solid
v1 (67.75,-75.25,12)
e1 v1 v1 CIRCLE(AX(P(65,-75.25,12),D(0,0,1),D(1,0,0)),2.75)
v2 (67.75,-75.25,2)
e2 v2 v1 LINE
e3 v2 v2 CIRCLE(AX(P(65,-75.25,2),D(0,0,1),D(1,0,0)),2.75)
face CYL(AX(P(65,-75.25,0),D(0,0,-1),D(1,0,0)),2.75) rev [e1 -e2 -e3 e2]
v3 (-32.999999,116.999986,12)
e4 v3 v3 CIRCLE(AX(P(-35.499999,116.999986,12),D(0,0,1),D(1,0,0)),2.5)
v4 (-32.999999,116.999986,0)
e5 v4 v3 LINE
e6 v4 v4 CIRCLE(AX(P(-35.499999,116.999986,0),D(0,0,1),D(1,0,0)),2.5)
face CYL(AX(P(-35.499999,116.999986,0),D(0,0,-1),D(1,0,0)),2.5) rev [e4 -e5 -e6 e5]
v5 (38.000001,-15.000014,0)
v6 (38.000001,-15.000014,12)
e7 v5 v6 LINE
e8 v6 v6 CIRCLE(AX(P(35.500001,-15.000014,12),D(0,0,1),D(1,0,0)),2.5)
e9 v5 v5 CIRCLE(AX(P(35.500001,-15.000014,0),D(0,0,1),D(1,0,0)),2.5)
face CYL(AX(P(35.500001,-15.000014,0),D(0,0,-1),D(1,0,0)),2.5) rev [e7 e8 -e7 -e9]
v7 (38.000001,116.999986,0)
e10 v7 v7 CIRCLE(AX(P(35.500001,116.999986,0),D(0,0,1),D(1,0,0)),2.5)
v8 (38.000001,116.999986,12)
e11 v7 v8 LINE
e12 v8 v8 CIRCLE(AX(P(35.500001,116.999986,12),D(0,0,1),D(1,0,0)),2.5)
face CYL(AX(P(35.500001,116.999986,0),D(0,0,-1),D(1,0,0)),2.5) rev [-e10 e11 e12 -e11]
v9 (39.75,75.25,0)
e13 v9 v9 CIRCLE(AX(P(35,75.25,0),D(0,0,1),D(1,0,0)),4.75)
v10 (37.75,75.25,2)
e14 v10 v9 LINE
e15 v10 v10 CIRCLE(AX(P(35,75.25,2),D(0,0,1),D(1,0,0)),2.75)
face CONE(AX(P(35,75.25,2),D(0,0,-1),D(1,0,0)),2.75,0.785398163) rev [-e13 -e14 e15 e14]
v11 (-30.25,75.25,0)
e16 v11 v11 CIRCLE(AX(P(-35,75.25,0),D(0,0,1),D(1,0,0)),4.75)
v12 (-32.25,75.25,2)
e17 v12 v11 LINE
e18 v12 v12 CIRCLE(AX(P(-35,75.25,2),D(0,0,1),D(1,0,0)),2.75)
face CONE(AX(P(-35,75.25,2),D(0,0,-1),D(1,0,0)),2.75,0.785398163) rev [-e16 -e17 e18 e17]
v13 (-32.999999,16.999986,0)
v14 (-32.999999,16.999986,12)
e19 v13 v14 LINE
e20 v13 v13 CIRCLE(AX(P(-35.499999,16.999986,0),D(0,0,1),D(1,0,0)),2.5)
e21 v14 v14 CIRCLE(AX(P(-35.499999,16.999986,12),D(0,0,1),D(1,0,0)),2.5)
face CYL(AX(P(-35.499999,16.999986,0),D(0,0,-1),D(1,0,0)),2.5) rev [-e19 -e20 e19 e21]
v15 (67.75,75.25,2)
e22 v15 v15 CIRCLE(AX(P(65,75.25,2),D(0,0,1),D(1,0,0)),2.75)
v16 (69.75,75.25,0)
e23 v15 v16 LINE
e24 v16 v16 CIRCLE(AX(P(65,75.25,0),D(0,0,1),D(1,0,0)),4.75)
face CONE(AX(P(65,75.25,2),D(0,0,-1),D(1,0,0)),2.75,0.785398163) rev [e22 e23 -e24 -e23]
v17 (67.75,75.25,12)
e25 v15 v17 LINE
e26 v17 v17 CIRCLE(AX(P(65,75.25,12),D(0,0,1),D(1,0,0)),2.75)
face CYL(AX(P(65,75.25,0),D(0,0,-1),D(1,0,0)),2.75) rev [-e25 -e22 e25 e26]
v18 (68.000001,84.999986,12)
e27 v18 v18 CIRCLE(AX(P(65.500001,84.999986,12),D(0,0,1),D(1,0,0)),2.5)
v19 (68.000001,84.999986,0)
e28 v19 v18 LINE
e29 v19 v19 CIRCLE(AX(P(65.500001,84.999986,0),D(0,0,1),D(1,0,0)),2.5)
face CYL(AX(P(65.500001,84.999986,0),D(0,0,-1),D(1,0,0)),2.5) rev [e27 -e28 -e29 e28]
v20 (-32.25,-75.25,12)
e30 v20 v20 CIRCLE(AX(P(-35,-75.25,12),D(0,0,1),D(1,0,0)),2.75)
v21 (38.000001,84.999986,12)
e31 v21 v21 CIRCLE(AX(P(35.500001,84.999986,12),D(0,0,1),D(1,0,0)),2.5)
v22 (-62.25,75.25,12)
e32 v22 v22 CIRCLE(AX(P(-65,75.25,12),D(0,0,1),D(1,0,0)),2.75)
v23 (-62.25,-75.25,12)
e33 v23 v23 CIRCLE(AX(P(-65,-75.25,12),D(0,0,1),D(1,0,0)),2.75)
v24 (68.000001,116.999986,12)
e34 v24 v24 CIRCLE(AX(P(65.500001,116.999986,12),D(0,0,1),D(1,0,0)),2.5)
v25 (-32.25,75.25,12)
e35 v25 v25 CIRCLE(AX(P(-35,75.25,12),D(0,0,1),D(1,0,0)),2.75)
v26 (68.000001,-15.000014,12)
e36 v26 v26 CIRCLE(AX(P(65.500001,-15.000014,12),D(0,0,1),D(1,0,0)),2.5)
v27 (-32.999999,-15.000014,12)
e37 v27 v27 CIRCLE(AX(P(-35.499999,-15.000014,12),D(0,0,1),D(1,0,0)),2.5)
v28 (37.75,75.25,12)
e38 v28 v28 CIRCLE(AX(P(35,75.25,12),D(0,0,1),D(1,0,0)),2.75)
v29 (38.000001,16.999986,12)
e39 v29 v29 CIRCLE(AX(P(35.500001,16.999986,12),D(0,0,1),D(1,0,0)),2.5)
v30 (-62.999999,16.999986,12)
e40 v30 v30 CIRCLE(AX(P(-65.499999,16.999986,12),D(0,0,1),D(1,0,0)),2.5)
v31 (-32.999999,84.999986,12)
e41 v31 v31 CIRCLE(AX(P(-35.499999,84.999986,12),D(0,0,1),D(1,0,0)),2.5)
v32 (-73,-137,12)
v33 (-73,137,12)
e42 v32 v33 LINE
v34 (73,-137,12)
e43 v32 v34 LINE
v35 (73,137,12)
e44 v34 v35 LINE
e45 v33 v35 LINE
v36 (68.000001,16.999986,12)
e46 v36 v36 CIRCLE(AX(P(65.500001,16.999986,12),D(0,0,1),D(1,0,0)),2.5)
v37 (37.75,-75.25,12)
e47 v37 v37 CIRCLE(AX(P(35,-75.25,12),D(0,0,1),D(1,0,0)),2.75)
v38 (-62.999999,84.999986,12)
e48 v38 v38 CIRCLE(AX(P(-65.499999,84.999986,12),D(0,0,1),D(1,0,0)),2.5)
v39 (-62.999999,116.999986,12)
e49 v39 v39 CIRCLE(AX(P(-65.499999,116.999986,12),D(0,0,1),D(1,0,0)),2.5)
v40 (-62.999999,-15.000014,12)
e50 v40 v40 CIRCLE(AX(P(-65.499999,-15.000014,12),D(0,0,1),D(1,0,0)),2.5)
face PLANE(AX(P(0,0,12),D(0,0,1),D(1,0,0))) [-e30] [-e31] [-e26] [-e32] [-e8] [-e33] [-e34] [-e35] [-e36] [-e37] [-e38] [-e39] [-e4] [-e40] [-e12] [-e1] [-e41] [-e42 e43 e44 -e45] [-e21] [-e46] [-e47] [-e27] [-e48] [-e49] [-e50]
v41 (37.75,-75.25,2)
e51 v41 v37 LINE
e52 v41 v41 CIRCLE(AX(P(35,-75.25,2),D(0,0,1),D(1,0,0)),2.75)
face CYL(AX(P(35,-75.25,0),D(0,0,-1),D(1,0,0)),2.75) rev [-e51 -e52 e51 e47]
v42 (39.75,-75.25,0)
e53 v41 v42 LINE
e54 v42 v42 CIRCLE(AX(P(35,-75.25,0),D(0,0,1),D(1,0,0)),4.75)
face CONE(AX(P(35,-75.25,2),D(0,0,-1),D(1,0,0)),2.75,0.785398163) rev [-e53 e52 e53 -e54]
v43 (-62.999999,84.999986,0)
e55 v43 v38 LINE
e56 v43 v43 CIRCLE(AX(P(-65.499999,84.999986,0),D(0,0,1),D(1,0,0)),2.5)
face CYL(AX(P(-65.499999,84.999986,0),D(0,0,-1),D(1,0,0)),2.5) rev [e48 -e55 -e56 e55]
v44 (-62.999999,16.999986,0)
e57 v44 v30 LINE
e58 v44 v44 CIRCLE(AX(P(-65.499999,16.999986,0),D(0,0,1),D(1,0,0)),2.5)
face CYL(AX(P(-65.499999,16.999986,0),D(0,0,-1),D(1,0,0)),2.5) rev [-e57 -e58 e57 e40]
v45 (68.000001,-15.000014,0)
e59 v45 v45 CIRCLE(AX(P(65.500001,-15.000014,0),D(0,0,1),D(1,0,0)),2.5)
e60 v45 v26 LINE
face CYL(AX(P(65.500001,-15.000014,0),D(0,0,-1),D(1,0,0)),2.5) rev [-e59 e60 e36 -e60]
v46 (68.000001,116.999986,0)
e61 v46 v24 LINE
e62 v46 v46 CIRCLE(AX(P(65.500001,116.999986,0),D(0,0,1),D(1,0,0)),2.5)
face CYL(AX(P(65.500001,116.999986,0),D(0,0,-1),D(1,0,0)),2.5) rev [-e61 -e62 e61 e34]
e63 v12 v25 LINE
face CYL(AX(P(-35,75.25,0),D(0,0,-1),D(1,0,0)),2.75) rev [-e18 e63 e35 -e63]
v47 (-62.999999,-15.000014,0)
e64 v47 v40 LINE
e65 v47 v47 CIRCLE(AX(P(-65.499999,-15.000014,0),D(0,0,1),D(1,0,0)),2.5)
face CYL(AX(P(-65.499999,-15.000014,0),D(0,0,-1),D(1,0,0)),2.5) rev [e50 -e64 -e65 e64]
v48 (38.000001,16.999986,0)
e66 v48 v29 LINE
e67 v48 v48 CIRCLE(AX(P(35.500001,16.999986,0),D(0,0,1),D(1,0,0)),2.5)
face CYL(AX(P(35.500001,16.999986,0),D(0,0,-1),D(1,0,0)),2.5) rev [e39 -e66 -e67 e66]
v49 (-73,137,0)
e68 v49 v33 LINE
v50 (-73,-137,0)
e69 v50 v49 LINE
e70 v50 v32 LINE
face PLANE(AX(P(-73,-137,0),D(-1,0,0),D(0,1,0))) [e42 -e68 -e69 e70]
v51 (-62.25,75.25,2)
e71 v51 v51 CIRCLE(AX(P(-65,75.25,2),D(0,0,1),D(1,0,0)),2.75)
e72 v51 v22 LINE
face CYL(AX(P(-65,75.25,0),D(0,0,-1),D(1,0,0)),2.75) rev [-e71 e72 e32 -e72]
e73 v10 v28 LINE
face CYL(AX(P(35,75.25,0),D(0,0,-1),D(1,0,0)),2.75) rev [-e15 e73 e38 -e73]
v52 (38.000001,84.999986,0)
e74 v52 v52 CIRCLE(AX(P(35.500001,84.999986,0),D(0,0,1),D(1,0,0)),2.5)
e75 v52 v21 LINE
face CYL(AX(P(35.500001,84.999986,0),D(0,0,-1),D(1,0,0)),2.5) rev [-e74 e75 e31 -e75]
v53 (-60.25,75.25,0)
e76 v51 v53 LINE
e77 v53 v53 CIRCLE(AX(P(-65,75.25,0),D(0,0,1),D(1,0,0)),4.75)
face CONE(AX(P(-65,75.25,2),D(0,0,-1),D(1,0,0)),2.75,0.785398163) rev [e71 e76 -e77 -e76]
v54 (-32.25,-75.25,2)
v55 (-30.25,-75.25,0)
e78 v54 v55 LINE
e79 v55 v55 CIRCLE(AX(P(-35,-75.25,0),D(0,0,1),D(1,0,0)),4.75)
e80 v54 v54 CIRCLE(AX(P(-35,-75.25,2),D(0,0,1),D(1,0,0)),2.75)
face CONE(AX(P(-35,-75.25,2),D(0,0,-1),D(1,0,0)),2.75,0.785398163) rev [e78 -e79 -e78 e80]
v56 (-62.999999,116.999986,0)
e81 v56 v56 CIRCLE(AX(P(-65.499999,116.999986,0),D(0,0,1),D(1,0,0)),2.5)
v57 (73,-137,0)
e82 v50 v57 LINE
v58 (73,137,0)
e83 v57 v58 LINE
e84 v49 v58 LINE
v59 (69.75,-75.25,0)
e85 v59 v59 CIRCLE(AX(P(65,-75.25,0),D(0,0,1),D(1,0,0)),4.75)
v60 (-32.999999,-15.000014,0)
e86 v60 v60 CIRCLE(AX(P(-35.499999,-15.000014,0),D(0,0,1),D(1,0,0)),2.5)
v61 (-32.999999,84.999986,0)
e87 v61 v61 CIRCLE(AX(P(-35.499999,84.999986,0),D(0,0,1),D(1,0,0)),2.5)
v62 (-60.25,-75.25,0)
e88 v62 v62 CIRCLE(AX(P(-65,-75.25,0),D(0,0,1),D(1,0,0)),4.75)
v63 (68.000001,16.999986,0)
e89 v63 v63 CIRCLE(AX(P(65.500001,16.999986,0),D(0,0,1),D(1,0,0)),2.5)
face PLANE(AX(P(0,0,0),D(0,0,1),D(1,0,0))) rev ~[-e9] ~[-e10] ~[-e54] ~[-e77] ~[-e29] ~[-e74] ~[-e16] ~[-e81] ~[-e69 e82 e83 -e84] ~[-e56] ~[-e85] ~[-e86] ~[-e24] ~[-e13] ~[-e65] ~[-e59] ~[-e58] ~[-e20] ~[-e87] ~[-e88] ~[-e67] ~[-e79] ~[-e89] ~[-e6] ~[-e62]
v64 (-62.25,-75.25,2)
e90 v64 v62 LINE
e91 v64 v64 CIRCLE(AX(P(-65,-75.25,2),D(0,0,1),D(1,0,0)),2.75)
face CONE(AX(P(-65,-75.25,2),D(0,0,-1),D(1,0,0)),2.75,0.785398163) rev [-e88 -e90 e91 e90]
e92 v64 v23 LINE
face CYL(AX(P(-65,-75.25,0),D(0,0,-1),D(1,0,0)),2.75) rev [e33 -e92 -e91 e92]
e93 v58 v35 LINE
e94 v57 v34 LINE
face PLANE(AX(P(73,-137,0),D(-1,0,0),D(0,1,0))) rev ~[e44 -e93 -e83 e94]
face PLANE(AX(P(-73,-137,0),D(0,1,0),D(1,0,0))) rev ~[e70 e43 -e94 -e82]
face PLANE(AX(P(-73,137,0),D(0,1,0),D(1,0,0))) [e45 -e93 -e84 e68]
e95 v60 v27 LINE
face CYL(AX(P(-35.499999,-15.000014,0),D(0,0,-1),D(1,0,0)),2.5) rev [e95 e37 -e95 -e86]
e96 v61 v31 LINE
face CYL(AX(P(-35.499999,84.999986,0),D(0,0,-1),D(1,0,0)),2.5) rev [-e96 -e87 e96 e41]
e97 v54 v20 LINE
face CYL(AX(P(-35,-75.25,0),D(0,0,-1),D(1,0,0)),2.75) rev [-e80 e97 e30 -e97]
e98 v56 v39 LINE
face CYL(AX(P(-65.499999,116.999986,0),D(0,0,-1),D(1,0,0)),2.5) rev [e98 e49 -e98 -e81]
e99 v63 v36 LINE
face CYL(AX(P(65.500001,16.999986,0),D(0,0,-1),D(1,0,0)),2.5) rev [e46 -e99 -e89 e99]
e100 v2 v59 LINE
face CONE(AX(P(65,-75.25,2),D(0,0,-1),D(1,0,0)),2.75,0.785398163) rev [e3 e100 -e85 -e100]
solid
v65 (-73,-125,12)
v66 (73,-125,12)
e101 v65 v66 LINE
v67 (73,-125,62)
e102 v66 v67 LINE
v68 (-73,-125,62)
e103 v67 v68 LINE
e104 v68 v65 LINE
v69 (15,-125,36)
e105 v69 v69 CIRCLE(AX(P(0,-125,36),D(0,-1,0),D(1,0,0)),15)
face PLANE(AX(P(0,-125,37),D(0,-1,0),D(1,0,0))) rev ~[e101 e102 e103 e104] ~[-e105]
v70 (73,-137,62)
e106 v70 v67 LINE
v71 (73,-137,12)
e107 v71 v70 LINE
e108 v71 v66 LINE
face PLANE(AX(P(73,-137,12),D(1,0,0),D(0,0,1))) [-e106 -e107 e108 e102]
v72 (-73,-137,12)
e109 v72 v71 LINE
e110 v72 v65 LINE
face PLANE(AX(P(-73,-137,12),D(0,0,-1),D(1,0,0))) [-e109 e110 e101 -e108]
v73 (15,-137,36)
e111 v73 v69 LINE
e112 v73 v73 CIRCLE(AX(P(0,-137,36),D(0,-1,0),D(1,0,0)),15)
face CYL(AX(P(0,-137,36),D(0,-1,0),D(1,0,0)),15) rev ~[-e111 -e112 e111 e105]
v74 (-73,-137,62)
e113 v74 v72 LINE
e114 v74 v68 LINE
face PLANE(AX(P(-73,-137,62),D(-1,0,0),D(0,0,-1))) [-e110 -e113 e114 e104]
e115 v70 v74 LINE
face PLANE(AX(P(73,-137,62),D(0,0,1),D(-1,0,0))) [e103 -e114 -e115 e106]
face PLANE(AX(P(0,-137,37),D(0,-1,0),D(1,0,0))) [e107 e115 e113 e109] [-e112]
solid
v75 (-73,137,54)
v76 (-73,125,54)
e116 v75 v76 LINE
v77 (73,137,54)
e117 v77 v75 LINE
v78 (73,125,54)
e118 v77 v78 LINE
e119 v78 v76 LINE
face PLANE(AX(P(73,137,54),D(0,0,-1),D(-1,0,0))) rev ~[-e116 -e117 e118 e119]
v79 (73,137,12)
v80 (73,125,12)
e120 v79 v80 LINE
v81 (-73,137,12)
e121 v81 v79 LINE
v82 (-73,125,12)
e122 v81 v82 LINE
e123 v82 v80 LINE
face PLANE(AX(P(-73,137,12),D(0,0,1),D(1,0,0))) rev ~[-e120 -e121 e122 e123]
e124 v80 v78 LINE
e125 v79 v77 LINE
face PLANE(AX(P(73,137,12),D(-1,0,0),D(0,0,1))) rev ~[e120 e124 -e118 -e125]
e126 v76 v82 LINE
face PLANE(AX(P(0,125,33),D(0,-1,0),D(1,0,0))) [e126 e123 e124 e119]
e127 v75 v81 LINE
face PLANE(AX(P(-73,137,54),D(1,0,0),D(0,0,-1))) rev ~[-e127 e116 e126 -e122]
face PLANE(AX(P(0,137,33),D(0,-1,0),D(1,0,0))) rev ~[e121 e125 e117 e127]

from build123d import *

# Parameters (mm, degrees)
F0_W     = 146
F0_H     = 274
F0_R     = 2.75
F0_R_2   = 2.5
F1_DEPTH = 12
F4_R     = 15
F5_DEPTH = 12
F7_DEPTH = 12
F8_SIZE  = 2


with BuildPart() as f1:
    # F0 (on Top) → F1 (new body)
    with BuildSketch(Plane.XY):
        Rectangle(F0_W, F0_H)
        with Locations((-65, -75.25)):
            Circle(F0_R, mode=Mode.SUBTRACT)
        with Locations((-35, -75.25)):
            Circle(F0_R, mode=Mode.SUBTRACT)
        with Locations((-65.499999, -15.000014)):
            Circle(F0_R_2, mode=Mode.SUBTRACT)
        with Locations((-35.499999, -15.000014)):
            Circle(F0_R_2, mode=Mode.SUBTRACT)
        with Locations((35, -75.25)):
            Circle(F0_R, mode=Mode.SUBTRACT)
        with Locations((65, -75.25)):
            Circle(F0_R, mode=Mode.SUBTRACT)
        with Locations((35.500001, -15.000014)):
            Circle(F0_R_2, mode=Mode.SUBTRACT)
        with Locations((65.500001, -15.000014)):
            Circle(F0_R_2, mode=Mode.SUBTRACT)
        with Locations((-65.499999, 16.999986)):
            Circle(F0_R_2, mode=Mode.SUBTRACT)
        with Locations((-35.499999, 16.999986)):
            Circle(F0_R_2, mode=Mode.SUBTRACT)
        with Locations((-65, 75.25)):
            Circle(F0_R, mode=Mode.SUBTRACT)
        with Locations((-65.499999, 84.999986)):
            Circle(F0_R_2, mode=Mode.SUBTRACT)
        with Locations((-65.499999, 116.999986)):
            Circle(F0_R_2, mode=Mode.SUBTRACT)
        with Locations((-35, 75.25)):
            Circle(F0_R, mode=Mode.SUBTRACT)
        with Locations((-35.499999, 84.999986)):
            Circle(F0_R_2, mode=Mode.SUBTRACT)
        with Locations((-35.499999, 116.999986)):
            Circle(F0_R_2, mode=Mode.SUBTRACT)
        with Locations((35.500001, 16.999986)):
            Circle(F0_R_2, mode=Mode.SUBTRACT)
        with Locations((65.500001, 16.999986)):
            Circle(F0_R_2, mode=Mode.SUBTRACT)
        with Locations((35, 75.25)):
            Circle(F0_R, mode=Mode.SUBTRACT)
        with Locations((35.500001, 84.999986)):
            Circle(F0_R_2, mode=Mode.SUBTRACT)
        with Locations((35.500001, 116.999986)):
            Circle(F0_R_2, mode=Mode.SUBTRACT)
        with Locations((65, 75.25)):
            Circle(F0_R, mode=Mode.SUBTRACT)
        with Locations((65.500001, 84.999986)):
            Circle(F0_R_2, mode=Mode.SUBTRACT)
        with Locations((65.500001, 116.999986)):
            Circle(F0_R_2, mode=Mode.SUBTRACT)
    extrude(amount=F1_DEPTH)

    # F8
    f8_edges = [f1.edges().sort_by_distance(p)[0] for p in [
        (-67.75, -75.25, 0),
        (-37.75, -75.25, 0),
        (32.25, -75.25, 0),
        (62.25, -75.25, 0),
        (62.25, 75.25, 0),
        (32.25, 75.25, 0),
        (-37.75, 75.25, 0),
        (-67.75, 75.25, 0),
    ]]
    chamfer(f8_edges, length=F8_SIZE)


with BuildPart() as f5:
    # F4 (on offset) → F5 (new body)
    with BuildSketch(Plane.XZ.offset(137)):
        Polygon((-73, 12), (0, 12), (73, 12), (73, 62), (0, 62), (-73, 62), align=None)
        with Locations((0, 36)):
            Circle(F4_R, mode=Mode.SUBTRACT)
    extrude(amount=-F5_DEPTH)


with BuildPart() as f7:
    # F6 (on offset) → F7 (new body)
    with BuildSketch(Plane.XZ.offset(-137)):
        Polygon((-73, 12), (0, 12), (73, 12), (73, 54), (0, 54), (-73, 54), align=None)
    extrude(amount=F7_DEPTH)


solid = Compound([f1.part, f5.part, f7.part])
